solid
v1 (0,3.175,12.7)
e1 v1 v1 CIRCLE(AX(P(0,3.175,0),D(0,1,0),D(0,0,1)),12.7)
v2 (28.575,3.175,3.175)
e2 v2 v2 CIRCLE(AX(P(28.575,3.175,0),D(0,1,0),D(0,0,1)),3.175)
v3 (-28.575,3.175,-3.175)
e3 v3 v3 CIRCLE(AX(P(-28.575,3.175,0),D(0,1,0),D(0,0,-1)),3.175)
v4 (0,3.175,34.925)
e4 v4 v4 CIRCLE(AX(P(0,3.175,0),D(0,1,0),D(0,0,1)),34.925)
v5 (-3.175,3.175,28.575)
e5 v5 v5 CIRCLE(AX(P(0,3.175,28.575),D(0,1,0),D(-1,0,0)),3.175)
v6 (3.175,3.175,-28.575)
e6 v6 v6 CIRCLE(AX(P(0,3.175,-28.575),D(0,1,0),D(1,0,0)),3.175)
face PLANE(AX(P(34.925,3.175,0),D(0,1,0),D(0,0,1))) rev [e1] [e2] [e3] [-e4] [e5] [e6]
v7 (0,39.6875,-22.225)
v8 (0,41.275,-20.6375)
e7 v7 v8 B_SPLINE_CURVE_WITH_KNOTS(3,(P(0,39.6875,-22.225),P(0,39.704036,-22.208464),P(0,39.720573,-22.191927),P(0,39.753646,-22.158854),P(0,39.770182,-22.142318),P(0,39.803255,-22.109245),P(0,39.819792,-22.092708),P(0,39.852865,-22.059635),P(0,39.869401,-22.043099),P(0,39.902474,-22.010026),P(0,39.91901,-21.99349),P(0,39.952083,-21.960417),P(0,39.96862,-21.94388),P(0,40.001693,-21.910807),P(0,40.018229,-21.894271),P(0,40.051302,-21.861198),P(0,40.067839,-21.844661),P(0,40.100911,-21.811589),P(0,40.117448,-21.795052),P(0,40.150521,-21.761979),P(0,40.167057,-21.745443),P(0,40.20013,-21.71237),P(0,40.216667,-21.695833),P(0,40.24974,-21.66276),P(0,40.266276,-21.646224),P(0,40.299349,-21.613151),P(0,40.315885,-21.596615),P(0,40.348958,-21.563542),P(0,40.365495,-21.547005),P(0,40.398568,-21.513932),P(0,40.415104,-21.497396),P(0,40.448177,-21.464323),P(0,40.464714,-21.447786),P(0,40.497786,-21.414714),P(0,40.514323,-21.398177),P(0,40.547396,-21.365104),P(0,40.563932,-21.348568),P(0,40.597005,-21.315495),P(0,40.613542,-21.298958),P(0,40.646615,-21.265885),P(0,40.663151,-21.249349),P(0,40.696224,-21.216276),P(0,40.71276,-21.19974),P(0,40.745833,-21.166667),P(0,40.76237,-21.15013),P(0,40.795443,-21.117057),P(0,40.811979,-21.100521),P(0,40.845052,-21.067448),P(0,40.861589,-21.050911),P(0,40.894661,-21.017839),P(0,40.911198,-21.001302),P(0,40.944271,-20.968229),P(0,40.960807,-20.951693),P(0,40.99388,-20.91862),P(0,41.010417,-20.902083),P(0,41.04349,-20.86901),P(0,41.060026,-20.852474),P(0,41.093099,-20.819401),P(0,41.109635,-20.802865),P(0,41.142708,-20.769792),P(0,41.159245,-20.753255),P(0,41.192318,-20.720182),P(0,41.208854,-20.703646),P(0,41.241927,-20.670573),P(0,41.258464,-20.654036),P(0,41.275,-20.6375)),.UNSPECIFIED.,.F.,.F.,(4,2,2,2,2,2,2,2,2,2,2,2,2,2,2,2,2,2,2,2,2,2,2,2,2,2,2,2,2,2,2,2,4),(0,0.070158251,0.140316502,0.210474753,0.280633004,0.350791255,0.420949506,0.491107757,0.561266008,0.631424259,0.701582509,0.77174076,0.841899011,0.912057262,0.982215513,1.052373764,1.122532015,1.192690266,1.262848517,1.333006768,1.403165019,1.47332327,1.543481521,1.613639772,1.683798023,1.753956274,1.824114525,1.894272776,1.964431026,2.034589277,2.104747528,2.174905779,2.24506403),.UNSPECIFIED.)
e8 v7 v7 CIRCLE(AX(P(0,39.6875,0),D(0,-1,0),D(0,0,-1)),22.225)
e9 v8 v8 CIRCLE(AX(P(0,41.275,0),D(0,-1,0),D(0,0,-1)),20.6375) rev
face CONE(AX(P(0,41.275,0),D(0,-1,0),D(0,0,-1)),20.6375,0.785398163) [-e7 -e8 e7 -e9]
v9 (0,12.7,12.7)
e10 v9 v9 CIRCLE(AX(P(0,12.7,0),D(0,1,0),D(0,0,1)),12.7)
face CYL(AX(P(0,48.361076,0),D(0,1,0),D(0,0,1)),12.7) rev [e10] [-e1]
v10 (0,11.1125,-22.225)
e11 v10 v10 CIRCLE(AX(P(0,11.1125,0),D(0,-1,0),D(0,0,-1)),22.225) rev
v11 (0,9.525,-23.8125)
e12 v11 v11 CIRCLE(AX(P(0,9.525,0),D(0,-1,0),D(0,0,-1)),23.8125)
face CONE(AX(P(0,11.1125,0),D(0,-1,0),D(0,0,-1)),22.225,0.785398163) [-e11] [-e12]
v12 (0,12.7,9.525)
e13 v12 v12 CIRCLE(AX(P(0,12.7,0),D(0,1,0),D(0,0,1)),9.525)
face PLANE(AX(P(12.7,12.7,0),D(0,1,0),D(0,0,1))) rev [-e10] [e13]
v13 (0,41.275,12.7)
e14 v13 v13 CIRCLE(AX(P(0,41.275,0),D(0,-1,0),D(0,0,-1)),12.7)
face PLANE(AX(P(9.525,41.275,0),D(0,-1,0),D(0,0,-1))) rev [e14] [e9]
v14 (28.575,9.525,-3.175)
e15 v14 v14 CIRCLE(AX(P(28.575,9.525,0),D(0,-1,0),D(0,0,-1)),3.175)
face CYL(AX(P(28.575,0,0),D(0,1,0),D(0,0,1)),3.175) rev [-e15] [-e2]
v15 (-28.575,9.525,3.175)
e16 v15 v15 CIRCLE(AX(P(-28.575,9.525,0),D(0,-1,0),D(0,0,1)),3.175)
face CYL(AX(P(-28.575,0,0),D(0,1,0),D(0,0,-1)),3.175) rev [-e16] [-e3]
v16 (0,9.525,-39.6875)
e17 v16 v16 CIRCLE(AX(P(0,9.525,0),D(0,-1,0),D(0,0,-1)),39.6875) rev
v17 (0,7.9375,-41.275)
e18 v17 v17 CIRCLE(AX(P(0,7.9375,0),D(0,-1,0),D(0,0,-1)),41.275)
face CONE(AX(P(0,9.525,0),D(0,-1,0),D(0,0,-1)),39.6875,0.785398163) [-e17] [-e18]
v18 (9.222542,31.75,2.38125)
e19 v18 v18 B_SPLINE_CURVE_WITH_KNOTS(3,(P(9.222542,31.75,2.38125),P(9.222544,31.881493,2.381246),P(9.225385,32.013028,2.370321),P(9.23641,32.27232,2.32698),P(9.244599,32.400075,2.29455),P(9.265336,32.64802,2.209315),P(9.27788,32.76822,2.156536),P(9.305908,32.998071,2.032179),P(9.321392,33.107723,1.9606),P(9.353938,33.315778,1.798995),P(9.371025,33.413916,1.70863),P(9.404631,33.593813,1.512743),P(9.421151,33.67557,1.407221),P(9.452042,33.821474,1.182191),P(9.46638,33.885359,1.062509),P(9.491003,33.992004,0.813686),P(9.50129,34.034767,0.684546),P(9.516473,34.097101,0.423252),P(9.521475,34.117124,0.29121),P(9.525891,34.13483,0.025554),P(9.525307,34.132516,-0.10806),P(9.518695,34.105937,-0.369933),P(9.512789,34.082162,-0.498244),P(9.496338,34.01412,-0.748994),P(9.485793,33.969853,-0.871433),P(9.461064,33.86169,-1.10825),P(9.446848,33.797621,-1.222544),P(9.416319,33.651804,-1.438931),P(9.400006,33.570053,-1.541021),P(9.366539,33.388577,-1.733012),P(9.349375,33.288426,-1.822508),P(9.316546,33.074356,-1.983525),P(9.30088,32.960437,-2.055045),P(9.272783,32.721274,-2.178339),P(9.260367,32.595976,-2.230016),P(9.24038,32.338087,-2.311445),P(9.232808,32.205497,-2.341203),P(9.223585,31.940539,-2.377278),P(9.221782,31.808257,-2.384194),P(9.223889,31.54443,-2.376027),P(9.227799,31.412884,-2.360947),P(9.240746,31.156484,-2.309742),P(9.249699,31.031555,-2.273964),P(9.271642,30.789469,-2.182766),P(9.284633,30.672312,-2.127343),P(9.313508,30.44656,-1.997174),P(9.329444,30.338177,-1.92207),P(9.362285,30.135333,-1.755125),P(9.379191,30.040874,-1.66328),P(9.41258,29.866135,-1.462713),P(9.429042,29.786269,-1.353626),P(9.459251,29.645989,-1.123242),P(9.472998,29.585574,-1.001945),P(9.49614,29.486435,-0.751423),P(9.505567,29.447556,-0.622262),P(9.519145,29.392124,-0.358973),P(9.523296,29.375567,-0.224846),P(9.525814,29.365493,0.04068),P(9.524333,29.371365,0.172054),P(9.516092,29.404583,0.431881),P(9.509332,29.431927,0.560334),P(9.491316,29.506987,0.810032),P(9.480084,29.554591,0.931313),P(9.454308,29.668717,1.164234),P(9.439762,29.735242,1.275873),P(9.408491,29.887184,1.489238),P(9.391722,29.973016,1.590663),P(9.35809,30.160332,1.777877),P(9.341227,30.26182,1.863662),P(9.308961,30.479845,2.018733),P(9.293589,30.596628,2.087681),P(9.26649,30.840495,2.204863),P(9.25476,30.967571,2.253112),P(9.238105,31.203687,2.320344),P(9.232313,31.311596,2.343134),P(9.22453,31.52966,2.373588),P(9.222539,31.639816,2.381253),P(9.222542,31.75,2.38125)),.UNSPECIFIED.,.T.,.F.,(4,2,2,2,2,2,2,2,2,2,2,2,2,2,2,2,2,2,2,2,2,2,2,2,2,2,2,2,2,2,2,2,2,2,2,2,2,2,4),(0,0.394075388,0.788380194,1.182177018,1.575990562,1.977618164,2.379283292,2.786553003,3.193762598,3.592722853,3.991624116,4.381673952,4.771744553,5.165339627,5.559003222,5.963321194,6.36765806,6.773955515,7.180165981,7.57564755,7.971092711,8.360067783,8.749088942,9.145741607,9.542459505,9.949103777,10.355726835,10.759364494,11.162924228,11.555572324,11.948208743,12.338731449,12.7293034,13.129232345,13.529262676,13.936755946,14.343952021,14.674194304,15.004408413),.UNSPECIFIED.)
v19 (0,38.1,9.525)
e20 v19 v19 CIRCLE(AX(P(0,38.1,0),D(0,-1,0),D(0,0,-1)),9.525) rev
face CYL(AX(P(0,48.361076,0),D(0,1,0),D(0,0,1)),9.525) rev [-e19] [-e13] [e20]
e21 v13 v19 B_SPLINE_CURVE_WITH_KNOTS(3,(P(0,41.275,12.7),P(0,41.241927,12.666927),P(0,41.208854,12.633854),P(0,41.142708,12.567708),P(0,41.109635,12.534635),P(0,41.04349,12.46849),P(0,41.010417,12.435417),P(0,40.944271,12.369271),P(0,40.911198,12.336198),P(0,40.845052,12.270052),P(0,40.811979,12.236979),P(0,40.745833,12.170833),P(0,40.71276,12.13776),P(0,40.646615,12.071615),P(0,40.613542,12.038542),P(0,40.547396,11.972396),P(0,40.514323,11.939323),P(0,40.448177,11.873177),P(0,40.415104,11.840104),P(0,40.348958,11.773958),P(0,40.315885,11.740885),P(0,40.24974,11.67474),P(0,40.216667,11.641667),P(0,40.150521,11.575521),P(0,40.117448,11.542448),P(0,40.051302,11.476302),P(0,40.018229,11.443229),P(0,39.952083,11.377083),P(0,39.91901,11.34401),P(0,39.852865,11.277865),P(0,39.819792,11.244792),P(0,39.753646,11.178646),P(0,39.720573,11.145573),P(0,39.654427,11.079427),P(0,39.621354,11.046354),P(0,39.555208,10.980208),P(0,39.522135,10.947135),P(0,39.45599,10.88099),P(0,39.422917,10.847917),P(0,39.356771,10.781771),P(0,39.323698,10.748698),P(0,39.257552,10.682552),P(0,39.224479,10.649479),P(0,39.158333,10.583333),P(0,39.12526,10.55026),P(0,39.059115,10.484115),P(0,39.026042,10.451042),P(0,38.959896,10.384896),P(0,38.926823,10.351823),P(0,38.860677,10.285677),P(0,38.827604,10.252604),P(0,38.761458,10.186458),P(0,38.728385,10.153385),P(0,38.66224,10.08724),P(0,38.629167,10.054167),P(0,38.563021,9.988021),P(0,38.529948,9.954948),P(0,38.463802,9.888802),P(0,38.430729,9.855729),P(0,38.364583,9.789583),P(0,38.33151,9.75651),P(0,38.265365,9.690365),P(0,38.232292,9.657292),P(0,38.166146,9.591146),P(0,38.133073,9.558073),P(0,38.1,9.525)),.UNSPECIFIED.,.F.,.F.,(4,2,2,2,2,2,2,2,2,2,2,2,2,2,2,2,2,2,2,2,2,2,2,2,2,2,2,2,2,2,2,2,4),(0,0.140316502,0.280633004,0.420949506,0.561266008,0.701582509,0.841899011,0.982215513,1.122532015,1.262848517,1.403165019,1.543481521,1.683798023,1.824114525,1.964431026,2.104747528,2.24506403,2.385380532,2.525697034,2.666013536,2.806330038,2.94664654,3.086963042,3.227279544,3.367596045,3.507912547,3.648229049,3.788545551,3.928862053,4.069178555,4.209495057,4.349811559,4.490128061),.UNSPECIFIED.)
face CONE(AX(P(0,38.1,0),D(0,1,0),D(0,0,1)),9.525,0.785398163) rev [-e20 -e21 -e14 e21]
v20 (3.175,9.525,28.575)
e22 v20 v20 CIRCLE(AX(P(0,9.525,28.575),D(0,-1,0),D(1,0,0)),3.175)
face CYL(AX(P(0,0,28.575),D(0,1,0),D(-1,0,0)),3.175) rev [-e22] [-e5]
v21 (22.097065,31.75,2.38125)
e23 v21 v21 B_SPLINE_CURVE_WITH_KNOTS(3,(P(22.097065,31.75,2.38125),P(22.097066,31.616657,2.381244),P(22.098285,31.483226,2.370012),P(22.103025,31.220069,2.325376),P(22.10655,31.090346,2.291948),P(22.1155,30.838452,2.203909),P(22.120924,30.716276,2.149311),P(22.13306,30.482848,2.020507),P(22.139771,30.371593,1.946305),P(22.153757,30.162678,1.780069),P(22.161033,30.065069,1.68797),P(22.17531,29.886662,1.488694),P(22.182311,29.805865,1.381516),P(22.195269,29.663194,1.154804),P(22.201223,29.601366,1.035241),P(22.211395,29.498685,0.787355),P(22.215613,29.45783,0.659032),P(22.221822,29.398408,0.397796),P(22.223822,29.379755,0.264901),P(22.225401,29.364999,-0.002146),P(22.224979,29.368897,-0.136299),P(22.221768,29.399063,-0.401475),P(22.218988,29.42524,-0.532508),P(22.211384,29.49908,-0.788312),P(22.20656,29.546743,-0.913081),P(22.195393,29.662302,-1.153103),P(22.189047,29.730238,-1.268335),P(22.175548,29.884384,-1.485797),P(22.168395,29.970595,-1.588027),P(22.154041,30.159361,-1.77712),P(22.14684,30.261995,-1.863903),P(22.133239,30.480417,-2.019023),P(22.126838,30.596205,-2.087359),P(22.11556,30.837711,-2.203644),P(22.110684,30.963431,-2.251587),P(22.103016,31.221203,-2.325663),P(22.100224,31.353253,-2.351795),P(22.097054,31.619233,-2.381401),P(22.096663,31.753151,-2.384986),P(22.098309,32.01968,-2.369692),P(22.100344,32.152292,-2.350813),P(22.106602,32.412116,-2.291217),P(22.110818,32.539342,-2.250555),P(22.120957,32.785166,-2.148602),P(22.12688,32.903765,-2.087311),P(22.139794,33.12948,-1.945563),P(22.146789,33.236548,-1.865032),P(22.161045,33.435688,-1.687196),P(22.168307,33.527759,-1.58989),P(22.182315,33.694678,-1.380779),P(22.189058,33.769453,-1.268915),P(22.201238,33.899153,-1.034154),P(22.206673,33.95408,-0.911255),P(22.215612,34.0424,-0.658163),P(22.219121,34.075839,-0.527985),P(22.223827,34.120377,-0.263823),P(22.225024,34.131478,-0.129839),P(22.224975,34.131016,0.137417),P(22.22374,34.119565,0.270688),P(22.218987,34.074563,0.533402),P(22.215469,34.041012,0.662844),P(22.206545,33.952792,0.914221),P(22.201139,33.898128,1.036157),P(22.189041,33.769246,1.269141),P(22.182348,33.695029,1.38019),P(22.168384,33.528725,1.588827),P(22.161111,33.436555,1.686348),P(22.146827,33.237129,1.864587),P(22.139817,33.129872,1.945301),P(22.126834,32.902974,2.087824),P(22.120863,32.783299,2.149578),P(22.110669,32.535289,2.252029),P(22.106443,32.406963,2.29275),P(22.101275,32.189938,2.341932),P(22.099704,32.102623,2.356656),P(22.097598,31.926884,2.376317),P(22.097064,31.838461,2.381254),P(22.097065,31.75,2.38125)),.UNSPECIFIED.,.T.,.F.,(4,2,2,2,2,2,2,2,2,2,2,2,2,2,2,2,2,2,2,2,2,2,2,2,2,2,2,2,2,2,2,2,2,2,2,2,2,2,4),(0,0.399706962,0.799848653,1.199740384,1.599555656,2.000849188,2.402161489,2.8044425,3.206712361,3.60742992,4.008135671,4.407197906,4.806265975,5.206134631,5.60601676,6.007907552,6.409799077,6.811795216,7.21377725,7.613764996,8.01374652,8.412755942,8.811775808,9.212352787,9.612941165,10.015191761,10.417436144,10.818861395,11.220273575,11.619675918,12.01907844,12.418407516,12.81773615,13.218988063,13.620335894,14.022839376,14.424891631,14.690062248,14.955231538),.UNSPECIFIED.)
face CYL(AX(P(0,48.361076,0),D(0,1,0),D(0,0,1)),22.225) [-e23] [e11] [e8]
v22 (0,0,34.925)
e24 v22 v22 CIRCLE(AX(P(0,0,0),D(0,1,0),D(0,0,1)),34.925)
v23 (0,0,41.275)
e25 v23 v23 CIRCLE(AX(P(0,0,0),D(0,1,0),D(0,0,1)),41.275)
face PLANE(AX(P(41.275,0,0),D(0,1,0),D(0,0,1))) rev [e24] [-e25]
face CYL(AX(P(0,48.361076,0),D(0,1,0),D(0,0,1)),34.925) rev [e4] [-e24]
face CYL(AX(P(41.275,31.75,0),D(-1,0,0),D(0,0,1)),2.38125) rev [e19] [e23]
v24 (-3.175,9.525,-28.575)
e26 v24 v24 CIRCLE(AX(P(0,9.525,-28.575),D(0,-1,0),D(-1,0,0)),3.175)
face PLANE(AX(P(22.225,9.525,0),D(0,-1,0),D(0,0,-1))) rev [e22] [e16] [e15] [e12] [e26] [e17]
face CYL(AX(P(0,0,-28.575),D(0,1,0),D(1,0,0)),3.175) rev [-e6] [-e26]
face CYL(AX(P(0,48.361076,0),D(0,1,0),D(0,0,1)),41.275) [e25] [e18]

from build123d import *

# Parameters (mm, degrees)
CHAMFER1_SIZE      = 3.175
CHAMFER2_SIZE      = 1.5875
SKETCH2_R          = 3.175
CUT_EXTRUDE2_DEPTH = 72.490397082
CIRPATTERN2_COUNT  = 4
SKETCH3_R          = 2.38125
CUT_EXTRUDE3_DEPTH = 72.490397082


with BuildPart() as part:
    # Sketch1 → Revolve1 (revolve)
    with BuildSketch(Plane.XY, mode=Mode.PRIVATE) as revolve1_sk:
        Polygon((34.925, 0), (34.925, 3.175), (12.7, 3.175), (12.7, 12.7), (9.525, 12.7), (9.525, 41.275), (22.225, 41.275), (22.225, 9.525), (41.275, 9.525), (41.275, 0), align=None)
    revolve(revolve1_sk.sketch.rotate(Axis((0, 48.361075519, 0), (0, -1, 0)), 90), axis=Axis((0, 48.361075519, 0), (0, -1, 0)))

    # Chamfer1
    chamfer1_edges = [part.edges().sort_by_distance(p)[0] for p in [
        (0, 41.275, -9.525),
    ]]
    chamfer(chamfer1_edges, length=CHAMFER1_SIZE)

    # Chamfer2
    chamfer2_edges = [part.edges().sort_by_distance(p)[0] for p in [
        (0, 9.525, -41.275),
        (0, 9.525, -22.225),
        (0, 41.275, -22.225),
    ]]
    chamfer(chamfer2_edges, length=CHAMFER2_SIZE)

    # Sketch2 → Cut-Extrude2 (cut, through all)
    with BuildSketch(Plane(origin=(0, 41.275, 0), x_dir=(1, 0, 0), z_dir=(0, 1, 0))):
        with Locations(Location((28.575, 0, 0), (0, 0, 270))):
            Circle(SKETCH2_R)
    cut_extrude2 = extrude(amount=-CUT_EXTRUDE2_DEPTH, mode=Mode.SUBTRACT)

    # CirPattern2: Cut-Extrude2 ×4 about axis
    cirpattern2_axis = Axis((0, 0, 0), (0, 1, 0))
    for i in range(1, CIRPATTERN2_COUNT):
        add(cut_extrude2.rotate(cirpattern2_axis, i * 360 / CIRPATTERN2_COUNT), mode=Mode.SUBTRACT)

    # Sketch3 → Cut-Extrude3 (cut, through all)
    with BuildSketch(Plane(origin=(0, 0, 0), x_dir=(0, 0, -1), z_dir=(1, 0, 0))):
        with Locations(Location((0, 31.75, 0), (0, 0, 180))):
            Circle(SKETCH3_R)
    extrude(amount=CUT_EXTRUDE3_DEPTH, mode=Mode.SUBTRACT)


solid = part.part
